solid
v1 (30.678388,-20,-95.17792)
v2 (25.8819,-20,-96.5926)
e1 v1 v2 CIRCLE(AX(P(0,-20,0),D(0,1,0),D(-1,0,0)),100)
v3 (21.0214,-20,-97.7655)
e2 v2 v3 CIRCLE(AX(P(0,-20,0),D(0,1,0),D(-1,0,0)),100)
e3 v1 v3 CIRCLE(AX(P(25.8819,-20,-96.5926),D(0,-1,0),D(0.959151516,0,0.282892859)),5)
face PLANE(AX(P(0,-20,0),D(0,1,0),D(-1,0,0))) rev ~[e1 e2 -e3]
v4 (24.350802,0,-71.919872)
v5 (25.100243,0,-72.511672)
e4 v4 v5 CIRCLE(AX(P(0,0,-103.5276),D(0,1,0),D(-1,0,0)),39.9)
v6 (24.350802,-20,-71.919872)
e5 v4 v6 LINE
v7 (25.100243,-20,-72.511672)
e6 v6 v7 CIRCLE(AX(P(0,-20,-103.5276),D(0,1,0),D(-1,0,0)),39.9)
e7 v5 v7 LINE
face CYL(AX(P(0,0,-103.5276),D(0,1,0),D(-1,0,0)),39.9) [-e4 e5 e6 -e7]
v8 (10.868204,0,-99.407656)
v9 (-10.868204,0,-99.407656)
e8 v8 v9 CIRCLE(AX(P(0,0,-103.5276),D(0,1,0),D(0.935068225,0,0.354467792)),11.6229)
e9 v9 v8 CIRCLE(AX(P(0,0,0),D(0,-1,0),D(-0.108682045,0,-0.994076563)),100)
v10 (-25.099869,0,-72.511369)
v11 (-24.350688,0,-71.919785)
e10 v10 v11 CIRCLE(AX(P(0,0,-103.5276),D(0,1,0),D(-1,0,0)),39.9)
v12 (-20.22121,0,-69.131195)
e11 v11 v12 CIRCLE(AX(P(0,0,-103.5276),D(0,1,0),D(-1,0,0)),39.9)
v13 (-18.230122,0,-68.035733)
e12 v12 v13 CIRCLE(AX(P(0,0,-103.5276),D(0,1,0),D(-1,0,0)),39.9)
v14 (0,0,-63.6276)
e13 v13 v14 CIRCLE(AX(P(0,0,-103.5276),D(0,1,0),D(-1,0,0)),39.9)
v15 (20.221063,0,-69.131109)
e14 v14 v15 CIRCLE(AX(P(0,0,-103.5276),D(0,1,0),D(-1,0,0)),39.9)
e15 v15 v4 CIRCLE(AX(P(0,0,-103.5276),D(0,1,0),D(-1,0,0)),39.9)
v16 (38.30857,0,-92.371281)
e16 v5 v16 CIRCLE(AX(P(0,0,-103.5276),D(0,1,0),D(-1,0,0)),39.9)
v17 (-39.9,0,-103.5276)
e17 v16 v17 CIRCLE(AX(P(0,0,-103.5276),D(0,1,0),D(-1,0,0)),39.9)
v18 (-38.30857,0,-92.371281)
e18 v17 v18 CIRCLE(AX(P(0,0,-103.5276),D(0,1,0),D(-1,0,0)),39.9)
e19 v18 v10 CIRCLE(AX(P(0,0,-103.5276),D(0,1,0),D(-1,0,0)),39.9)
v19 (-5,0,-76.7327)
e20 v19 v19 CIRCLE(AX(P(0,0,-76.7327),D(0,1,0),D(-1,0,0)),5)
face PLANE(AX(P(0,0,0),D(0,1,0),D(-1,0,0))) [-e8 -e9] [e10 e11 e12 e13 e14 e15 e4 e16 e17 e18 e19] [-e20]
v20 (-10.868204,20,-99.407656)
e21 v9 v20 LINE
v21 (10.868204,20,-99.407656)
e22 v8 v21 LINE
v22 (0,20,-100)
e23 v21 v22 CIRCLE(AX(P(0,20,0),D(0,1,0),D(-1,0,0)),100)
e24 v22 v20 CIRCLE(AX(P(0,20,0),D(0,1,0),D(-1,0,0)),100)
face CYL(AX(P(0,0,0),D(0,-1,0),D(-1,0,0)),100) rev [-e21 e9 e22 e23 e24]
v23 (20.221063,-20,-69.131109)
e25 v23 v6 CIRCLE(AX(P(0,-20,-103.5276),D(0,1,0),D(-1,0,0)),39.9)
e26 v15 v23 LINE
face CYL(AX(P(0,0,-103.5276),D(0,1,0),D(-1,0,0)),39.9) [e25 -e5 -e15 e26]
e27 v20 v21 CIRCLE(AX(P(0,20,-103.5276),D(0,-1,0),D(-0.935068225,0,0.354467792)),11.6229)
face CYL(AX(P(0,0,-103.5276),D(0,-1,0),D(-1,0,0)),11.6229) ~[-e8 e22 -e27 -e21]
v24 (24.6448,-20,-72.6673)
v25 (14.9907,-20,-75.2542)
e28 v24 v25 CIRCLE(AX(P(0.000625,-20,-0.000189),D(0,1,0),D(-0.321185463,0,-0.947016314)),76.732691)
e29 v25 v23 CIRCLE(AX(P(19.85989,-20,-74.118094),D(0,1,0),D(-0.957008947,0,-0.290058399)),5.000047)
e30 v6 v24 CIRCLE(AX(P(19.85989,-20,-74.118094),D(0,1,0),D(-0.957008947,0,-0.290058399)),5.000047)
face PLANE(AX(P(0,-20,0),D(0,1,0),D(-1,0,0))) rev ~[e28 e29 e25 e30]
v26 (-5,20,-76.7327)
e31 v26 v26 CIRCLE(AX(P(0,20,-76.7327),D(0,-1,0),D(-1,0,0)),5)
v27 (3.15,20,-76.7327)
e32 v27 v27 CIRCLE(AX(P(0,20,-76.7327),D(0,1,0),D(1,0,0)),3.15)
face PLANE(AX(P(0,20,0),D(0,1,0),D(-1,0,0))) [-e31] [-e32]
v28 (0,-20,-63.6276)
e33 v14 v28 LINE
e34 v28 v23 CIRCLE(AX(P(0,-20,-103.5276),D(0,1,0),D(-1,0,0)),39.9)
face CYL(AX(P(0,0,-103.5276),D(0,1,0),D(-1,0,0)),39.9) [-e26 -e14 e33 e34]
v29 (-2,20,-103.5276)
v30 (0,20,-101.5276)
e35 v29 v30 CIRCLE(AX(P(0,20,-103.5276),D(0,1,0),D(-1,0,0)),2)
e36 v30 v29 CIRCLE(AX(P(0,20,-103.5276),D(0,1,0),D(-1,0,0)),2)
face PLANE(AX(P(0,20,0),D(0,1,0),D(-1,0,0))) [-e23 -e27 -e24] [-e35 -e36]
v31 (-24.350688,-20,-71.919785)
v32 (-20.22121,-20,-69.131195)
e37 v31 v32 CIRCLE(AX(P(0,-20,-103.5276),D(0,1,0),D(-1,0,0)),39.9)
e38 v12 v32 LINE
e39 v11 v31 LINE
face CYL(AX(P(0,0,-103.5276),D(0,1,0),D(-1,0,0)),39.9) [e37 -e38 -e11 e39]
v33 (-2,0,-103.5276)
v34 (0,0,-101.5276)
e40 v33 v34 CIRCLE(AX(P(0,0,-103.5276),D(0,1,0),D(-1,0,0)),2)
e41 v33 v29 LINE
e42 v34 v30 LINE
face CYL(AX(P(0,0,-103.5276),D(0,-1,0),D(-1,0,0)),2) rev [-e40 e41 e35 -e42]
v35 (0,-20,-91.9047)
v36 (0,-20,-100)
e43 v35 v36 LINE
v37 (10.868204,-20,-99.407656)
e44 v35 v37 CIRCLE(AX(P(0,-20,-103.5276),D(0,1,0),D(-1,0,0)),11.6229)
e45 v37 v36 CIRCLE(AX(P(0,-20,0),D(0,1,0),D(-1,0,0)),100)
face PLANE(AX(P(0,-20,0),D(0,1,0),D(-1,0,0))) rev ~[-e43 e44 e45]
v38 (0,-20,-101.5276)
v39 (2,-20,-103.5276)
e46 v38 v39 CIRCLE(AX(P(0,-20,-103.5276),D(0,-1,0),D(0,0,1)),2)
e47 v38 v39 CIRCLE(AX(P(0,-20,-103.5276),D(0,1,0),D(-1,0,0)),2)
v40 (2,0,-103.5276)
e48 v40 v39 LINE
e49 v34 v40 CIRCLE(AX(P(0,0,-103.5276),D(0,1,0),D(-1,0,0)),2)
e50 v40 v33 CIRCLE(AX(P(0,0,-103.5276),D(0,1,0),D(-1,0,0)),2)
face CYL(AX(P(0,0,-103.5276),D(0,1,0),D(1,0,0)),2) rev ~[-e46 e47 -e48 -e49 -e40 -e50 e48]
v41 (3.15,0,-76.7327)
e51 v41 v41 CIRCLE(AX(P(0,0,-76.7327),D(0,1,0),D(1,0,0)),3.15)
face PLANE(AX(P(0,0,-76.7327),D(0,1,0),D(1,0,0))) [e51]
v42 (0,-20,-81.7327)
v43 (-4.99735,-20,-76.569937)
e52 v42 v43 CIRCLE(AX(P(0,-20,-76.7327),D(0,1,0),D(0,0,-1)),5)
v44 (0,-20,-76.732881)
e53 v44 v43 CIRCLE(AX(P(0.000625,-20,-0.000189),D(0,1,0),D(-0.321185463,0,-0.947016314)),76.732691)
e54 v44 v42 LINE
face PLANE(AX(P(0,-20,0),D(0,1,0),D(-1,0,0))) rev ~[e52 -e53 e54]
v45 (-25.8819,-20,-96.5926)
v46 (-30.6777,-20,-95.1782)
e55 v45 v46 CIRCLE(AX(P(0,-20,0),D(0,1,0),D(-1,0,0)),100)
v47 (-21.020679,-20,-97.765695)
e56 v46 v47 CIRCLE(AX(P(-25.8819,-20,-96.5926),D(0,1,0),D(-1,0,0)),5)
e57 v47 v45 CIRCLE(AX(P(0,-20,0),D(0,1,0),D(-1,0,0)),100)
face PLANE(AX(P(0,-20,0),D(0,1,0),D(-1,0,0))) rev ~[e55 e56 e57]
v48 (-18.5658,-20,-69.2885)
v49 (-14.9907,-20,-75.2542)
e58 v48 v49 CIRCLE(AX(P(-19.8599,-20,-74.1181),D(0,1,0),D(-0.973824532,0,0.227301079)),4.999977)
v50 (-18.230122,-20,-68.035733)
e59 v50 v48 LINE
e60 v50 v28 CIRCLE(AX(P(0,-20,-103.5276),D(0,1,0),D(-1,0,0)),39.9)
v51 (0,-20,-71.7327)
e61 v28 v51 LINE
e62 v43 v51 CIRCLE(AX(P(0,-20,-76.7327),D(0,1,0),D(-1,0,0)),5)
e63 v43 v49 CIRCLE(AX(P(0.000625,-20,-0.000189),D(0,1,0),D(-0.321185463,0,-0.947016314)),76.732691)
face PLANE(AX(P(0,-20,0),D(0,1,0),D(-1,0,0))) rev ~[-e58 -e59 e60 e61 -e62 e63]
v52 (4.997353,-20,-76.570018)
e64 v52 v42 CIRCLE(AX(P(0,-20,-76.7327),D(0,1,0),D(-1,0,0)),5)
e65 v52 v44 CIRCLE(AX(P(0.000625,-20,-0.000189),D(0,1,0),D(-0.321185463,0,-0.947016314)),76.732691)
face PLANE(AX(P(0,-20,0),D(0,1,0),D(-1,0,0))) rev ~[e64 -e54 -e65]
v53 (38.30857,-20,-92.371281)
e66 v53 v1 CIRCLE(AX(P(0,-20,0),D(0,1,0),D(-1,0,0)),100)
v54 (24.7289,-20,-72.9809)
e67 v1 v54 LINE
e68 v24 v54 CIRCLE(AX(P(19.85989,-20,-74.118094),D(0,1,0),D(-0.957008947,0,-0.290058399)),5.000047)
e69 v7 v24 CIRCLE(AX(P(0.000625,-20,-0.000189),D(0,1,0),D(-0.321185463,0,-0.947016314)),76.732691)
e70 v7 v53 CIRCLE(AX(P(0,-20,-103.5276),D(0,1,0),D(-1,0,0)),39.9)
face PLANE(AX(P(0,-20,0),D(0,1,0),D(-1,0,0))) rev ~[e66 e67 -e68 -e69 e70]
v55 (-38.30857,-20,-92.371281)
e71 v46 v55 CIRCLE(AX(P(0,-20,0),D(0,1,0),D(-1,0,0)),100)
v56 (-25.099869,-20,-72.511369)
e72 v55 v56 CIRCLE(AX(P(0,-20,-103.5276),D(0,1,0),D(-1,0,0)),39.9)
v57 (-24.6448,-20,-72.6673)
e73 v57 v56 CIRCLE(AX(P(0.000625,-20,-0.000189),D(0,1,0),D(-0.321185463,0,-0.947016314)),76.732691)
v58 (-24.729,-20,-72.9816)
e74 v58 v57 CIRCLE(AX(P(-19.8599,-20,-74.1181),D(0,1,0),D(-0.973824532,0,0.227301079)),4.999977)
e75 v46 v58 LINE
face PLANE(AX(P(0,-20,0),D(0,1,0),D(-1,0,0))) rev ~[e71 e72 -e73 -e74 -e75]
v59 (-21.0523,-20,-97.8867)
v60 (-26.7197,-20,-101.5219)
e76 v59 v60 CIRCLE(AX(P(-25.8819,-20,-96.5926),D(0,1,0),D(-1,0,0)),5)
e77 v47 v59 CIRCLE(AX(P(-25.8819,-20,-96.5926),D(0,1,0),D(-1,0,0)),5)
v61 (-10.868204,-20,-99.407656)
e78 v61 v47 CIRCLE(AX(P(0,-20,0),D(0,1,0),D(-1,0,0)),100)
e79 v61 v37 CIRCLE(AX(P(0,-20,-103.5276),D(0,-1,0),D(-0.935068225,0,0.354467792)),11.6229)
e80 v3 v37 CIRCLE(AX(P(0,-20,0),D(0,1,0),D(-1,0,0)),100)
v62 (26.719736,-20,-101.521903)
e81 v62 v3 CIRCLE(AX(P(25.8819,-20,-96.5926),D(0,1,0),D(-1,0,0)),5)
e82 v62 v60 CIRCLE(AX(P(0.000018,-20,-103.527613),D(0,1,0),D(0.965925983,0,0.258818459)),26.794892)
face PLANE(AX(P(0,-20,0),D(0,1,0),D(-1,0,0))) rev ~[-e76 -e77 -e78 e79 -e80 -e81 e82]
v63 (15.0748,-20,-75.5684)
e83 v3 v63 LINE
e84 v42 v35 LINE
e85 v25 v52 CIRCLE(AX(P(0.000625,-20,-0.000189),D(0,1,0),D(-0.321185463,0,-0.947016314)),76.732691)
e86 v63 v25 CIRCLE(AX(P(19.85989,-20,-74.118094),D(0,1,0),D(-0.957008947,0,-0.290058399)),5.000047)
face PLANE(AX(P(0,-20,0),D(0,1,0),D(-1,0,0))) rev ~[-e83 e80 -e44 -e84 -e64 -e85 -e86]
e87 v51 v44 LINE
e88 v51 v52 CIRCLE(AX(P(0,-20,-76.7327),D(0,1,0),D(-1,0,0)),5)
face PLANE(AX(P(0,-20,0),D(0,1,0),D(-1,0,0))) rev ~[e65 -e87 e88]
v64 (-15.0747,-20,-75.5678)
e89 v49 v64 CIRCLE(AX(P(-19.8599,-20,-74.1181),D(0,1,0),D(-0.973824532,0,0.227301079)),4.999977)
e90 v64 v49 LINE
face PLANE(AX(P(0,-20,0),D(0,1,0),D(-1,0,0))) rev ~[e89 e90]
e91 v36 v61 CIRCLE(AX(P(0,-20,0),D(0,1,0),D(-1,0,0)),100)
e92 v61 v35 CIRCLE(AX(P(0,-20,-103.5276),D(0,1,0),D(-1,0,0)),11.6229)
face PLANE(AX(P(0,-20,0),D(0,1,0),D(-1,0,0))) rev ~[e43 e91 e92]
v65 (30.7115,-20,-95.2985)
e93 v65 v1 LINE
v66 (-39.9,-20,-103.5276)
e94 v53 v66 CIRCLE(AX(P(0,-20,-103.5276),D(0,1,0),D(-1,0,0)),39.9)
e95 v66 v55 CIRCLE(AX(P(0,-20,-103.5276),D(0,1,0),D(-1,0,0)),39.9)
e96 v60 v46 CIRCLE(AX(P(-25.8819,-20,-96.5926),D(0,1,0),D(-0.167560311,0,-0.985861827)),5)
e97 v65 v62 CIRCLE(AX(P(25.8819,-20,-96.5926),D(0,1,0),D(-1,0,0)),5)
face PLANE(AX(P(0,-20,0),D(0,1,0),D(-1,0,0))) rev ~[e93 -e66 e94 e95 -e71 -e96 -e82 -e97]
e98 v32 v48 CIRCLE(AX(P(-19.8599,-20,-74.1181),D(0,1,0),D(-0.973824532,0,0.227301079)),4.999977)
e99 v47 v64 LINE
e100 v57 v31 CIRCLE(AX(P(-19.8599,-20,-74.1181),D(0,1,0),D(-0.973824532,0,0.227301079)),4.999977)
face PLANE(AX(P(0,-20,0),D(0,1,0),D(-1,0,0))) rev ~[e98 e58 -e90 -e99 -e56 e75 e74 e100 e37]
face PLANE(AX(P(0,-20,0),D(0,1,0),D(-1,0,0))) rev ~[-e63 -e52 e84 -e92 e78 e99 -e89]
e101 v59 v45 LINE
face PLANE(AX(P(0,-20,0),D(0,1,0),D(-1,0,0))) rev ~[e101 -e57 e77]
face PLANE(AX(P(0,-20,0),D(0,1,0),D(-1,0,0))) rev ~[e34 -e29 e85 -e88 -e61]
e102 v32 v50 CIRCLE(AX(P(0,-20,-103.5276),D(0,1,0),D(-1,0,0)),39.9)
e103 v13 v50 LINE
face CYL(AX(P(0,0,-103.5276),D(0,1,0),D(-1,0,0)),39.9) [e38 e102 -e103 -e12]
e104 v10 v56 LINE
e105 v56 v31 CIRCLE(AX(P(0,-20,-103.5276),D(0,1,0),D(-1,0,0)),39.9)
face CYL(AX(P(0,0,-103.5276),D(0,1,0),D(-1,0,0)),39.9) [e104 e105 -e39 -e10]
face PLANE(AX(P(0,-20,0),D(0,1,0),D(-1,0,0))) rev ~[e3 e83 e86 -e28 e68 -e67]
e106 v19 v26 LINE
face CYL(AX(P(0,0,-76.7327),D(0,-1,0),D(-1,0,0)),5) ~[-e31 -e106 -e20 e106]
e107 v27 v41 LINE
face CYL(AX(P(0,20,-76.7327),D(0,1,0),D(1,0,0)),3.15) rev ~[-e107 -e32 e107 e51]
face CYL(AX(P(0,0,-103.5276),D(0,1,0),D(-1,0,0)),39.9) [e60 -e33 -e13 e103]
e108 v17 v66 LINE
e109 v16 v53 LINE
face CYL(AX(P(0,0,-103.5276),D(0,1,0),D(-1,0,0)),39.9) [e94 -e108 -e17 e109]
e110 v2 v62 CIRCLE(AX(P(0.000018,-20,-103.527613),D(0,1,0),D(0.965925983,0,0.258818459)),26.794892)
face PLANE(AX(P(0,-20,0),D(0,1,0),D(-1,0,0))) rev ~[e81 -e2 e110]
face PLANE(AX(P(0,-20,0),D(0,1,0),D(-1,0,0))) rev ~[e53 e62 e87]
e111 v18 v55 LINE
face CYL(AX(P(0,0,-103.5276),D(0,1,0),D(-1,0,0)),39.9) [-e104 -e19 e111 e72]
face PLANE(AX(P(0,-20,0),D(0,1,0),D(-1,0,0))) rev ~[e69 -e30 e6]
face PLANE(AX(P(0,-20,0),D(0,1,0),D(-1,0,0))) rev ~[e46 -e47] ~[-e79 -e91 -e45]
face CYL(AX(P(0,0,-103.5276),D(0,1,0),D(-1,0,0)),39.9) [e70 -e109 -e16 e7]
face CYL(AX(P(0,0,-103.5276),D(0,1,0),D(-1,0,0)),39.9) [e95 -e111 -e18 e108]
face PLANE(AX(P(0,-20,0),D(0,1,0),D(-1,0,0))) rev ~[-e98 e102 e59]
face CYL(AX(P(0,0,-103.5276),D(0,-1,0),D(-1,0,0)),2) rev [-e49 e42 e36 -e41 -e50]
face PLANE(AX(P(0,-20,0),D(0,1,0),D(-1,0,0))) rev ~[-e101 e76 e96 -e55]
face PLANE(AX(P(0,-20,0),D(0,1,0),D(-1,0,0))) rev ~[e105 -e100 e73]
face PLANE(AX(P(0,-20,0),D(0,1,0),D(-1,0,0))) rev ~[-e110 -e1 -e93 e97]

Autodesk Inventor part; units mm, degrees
ref_plane "YZ Plane" through (0, 0, 0) normal (1, 0, 0) x (0, 1, 0)
ref_plane "XZ Plane" through (0, 0, 0) normal (0, 1, 0) x (-1, 0, 0)
ref_plane "XY Plane" through (0, 0, 0) normal (0, 0, 1) x (1, 0, 0)
sketch "Sketch1" plane through (0, 0, 0) normal (0, 1, 0) x (-1, 0, 0)
  circle A0 centre (0, 0) radius 100
  line L0 (0, 0) -> (18.5658, -69.2885)
  line L1 (0, 0) -> (0, -103.5276)
  arc A1 (24.6448, -72.6673) -> (14.9907, -75.2542) centre (0, 0) ccw
  circle A2 centre (25.8819, -96.5926) radius 5
  arc A3 (24.729, -72.9816) -> (15.0747, -75.5678) centre (19.8599, -74.1181) ccw
  line L2 (30.6777, -95.1782) -> (24.6448, -72.6673)
  line L3 (21.0523, -97.8867) -> (14.9907, -75.2542)
  circle A4 centre (0, -103.5276) radius 11.6229
  line L4 (21.0523, -97.8867) -> (25.8819, -96.5926)
  arc A5 (-25.8819, -96.5926) -> (26.7197, -101.5219) centre (0, -103.5276) ccw
  circle A6 centre (0, -103.5276) radius 39.9
  arc A7 (57.9067, -50.8394) -> (50.8389, -57.9063) centre (54.2582, -54.2582) ccw
  line L5 (67.1751, -74.2462) -> (50.6094, -57.6767)
  line L6 (74.1567, -67.0879) -> (57.6767, -50.6094)
  circle A8 centre (70.7107, -70.7107) radius 5
  circle A9 centre (51.7638, -89.6575) radius 11.6229
  arc A10 (75.5684, -15.0748) -> (72.9809, -24.7289) centre (74.1181, -19.8599) ccw
  line L7 (95.2985, -30.7115) -> (72.6673, -24.6448)
  line L8 (97.7655, -21.0214) -> (75.2542, -14.9907)
  circle A11 centre (96.5926, -25.8819) radius 5
  circle A12 centre (89.6575, -51.7638) radius 11.6229
  arc A13 (72.9816, 24.729) -> (75.5678, 15.0747) centre (74.1181, 19.8599) ccw
  line L9 (97.8867, 21.0523) -> (75.2542, 14.9907)
  line L10 (95.1782, 30.6777) -> (72.6673, 24.6448)
  circle A14 centre (96.5926, 25.8819) radius 5
  circle A15 centre (103.5276, 0) radius 11.6229
  arc A16 (50.8394, 57.9067) -> (57.9063, 50.8389) centre (54.2582, 54.2582) ccw
  line L11 (74.2462, 67.1751) -> (57.6767, 50.6094)
  line L12 (67.0879, 74.1567) -> (50.6094, 57.6767)
  circle A17 centre (70.7107, 70.7107) radius 5
  circle A18 centre (89.6575, 51.7638) radius 11.6229
  arc A19 (15.0748, 75.5684) -> (24.7289, 72.9809) centre (19.8599, 74.1181) ccw
  line L13 (30.7115, 95.2985) -> (24.6448, 72.6673)
  line L14 (21.0214, 97.7655) -> (14.9907, 75.2542)
  circle A20 centre (25.8819, 96.5926) radius 5
  circle A21 centre (51.7638, 89.6575) radius 11.6229
  arc A22 (-24.729, 72.9816) -> (-15.0747, 75.5678) centre (-19.8599, 74.1181) ccw
  line L15 (-21.0523, 97.8867) -> (-14.9907, 75.2542)
  line L16 (-30.6777, 95.1782) -> (-24.6448, 72.6673)
  circle A23 centre (-25.8819, 96.5926) radius 5
  circle A24 centre (0, 103.5276) radius 11.6229
  arc A25 (-57.9067, 50.8394) -> (-50.8389, 57.9063) centre (-54.2582, 54.2582) ccw
  line L17 (-67.1751, 74.2462) -> (-50.6094, 57.6767)
  line L18 (-74.1567, 67.0879) -> (-57.6767, 50.6094)
  circle A26 centre (-70.7107, 70.7107) radius 5
  circle A27 centre (-51.7638, 89.6575) radius 11.6229
  arc A28 (-75.5684, 15.0748) -> (-72.9809, 24.7289) centre (-74.1181, 19.8599) ccw
  line L19 (-95.2985, 30.7115) -> (-72.6673, 24.6448)
  line L20 (-97.7655, 21.0214) -> (-75.2542, 14.9907)
  circle A29 centre (-96.5926, 25.8819) radius 5
  circle A30 centre (-89.6575, 51.7638) radius 11.6229
  arc A31 (-72.9816, -24.729) -> (-75.5678, -15.0747) centre (-74.1181, -19.8599) ccw
  line L21 (-97.8867, -21.0523) -> (-75.2542, -14.9907)
  line L22 (-95.1782, -30.6777) -> (-72.6673, -24.6448)
  circle A32 centre (-96.5926, -25.8819) radius 5
  circle A33 centre (-103.5276, 0) radius 11.6229
  arc A34 (-50.8394, -57.9067) -> (-57.9063, -50.8389) centre (-54.2582, -54.2582) ccw
  line L23 (-74.2462, -67.1751) -> (-57.6767, -50.6094)
  line L24 (-67.0879, -74.1567) -> (-50.6094, -57.6767)
  circle A35 centre (-70.7107, -70.7107) radius 5
  circle A36 centre (-89.6575, -51.7638) radius 11.6229
  arc A37 (-15.0748, -75.5684) -> (-24.7289, -72.9809) centre (-19.8599, -74.1181) ccw
  line L25 (-30.7115, -95.2985) -> (-24.6448, -72.6673)
  line L26 (-21.0214, -97.7655) -> (-14.9907, -75.2542)
  circle A38 centre (-25.8819, -96.5926) radius 5
  circle A39 centre (-51.7638, -89.6575) radius 11.6229
  circle A40 centre (0, 0) radius 5
  circle A41 centre (0, -103.5276) radius 2
  circle A42 centre (0, -76.7327) radius 5
  point P0 (50.7227, -50.7227)
  point P1 (73.9009, -74.5607)
  point P2 (69.2885, -18.5658)
  point P3 (101.2804, -27.621)
  point P4 (69.2885, 18.5658)
  point P5 (101.5219, 26.7197)
  point P6 (50.7227, 50.7227)
  point P7 (74.5607, 73.9009)
  point P8 (18.5658, 69.2885)
  point P9 (27.621, 101.2804)
  point P10 (-18.5658, 69.2885)
  point P11 (-26.7197, 101.5219)
  point P12 (-50.7227, 50.7227)
  point P13 (-73.9009, 74.5607)
  point P14 (-69.2885, 18.5658)
  point P15 (-101.2804, 27.621)
  point P16 (-69.2885, -18.5658)
  point P17 (-101.5219, -26.7197)
  point P18 (-50.7227, -50.7227)
  point P19 (-74.5607, -73.9009)
  point P20 (-18.5658, -69.2885)
  point P21 (-27.621, -101.2804)
  point P22 (40.2917, -91.5236)
  point P23 (59.1159, -80.6555)
  point P24 (67.0867, -74.1578)
  point P25 (80.6555, -59.1159)
  point P26 (91.5236, -40.2917)
  point P27 (95.1777, -30.6791)
  point P28 (99.4077, -10.8682)
  point P29 (99.4077, 10.8682)
  point P30 (97.7659, 21.0199)
  point P31 (91.5236, 40.2917)
  point P32 (80.6555, 59.1159)
  point P33 (74.1578, 67.0867)
  point P34 (59.1159, 80.6555)
  point P35 (40.2917, 91.5236)
  point P36 (30.6791, 95.1777)
  point P37 (10.8682, 99.4077)
  point P38 (-10.8682, 99.4077)
  point P39 (-21.0199, 97.7659)
  point P40 (-40.2917, 91.5236)
  point P41 (-59.1159, 80.6555)
  point P42 (-67.0867, 74.1578)
  point P43 (-80.6555, 59.1159)
  point P44 (-91.5236, 40.2917)
  point P45 (-95.1777, 30.6791)
  point P46 (-99.4077, 10.8682)
  point P47 (-99.4077, -10.8682)
  point P48 (-97.7659, -21.0199)
  point P49 (-91.5236, -40.2917)
  point P50 (-80.6555, -59.1159)
  point P51 (-74.1578, -67.0867)
  point P52 (-59.1159, -80.6555)
  point P53 (-40.2917, -91.5236)
  point P54 (-30.6791, -95.1777)
  point P55 (-10.8682, -99.4077)
  point P56 (10.8682, -99.4077)
  point P57 (21.0199, -97.7659)
  point P58 (-10.8682, -99.4077)
  point P59 (10.8682, -99.4077)
  dimension "d2" = 200
  dimension "d3" = 15
  dimension "d4" = 10
  dimension "d5" = 10
  dimension "d6" = 79.8
  dimension "d7" = 360
  dimension "d8" = 10
  dimension "d9" = 4
  dimension "d14" = 10
extrude "Extrusion1" add sketch "Sketch1" along normal blind 20 contours A0 A4
extrude "Extrusion2" add sketch "Sketch1" against normal blind 20 contours A0 A38 | A5 A38 L25 A0 | A0 A38 A5 | L26 A37 A1 A42 L1 A4 A0 | A38 L25 A37 A1 L26 | A0 A4 A2 A5 A38 | L25 A38 A5 A2 A0 A6 | A0 A6 A1 A37 L25 | A4 L1 A0 | A41 | A0 A4 | A2 L4 A0 | L1 A4 A0 | L1 A42 A1 A3 L3 A0 A4 | A37 A6 L1 A42 A1 | A1 A37 A6 | A6 A37 A1 | A2 A0 L4 | A42 A1 L1 | L1 A1 A42 | A42 L1 A1 | A0 L2 A3 A1 A6 | A2 A0 | L3 A3 A6 L2 A2 | L1 A42 A1 | L1 A6 L0 A3 A1 A42 | A1 A3 A6 | A3 L3 | A6 A3 L0
sketch "Sketch2" plane through (0, 0, -103.5276) normal (0, 1, 0) x (1, 0, 0)
  circle A0 centre (0, 0) radius 2 projected
  circle A1 centre (0, 0) radius 2.5
  point P0 (0, -103.5276)
extrude "Extrusion3" cut sketch "Sketch2" against normal blind 20 contours A0
extrude "Extrusion5" add sketch "Sketch1" along normal blind 20 contours A42 A1 L1 | L1 A1 A42 | A42 L1 A1 | L1 A42 A1
sketch "Sketch4" plane through (0, 20, -76.7327) normal (0, 1, 0) x (1, 0, 0)
  circle A0 centre (0, 0) radius 3.15
  point P0 (0, -76.7327)
  dimension "d22" = 6.3
extrude "Extrusion6" cut sketch "Sketch4" against normal blind 20
properties part number "Geneva Circle arc 12"
